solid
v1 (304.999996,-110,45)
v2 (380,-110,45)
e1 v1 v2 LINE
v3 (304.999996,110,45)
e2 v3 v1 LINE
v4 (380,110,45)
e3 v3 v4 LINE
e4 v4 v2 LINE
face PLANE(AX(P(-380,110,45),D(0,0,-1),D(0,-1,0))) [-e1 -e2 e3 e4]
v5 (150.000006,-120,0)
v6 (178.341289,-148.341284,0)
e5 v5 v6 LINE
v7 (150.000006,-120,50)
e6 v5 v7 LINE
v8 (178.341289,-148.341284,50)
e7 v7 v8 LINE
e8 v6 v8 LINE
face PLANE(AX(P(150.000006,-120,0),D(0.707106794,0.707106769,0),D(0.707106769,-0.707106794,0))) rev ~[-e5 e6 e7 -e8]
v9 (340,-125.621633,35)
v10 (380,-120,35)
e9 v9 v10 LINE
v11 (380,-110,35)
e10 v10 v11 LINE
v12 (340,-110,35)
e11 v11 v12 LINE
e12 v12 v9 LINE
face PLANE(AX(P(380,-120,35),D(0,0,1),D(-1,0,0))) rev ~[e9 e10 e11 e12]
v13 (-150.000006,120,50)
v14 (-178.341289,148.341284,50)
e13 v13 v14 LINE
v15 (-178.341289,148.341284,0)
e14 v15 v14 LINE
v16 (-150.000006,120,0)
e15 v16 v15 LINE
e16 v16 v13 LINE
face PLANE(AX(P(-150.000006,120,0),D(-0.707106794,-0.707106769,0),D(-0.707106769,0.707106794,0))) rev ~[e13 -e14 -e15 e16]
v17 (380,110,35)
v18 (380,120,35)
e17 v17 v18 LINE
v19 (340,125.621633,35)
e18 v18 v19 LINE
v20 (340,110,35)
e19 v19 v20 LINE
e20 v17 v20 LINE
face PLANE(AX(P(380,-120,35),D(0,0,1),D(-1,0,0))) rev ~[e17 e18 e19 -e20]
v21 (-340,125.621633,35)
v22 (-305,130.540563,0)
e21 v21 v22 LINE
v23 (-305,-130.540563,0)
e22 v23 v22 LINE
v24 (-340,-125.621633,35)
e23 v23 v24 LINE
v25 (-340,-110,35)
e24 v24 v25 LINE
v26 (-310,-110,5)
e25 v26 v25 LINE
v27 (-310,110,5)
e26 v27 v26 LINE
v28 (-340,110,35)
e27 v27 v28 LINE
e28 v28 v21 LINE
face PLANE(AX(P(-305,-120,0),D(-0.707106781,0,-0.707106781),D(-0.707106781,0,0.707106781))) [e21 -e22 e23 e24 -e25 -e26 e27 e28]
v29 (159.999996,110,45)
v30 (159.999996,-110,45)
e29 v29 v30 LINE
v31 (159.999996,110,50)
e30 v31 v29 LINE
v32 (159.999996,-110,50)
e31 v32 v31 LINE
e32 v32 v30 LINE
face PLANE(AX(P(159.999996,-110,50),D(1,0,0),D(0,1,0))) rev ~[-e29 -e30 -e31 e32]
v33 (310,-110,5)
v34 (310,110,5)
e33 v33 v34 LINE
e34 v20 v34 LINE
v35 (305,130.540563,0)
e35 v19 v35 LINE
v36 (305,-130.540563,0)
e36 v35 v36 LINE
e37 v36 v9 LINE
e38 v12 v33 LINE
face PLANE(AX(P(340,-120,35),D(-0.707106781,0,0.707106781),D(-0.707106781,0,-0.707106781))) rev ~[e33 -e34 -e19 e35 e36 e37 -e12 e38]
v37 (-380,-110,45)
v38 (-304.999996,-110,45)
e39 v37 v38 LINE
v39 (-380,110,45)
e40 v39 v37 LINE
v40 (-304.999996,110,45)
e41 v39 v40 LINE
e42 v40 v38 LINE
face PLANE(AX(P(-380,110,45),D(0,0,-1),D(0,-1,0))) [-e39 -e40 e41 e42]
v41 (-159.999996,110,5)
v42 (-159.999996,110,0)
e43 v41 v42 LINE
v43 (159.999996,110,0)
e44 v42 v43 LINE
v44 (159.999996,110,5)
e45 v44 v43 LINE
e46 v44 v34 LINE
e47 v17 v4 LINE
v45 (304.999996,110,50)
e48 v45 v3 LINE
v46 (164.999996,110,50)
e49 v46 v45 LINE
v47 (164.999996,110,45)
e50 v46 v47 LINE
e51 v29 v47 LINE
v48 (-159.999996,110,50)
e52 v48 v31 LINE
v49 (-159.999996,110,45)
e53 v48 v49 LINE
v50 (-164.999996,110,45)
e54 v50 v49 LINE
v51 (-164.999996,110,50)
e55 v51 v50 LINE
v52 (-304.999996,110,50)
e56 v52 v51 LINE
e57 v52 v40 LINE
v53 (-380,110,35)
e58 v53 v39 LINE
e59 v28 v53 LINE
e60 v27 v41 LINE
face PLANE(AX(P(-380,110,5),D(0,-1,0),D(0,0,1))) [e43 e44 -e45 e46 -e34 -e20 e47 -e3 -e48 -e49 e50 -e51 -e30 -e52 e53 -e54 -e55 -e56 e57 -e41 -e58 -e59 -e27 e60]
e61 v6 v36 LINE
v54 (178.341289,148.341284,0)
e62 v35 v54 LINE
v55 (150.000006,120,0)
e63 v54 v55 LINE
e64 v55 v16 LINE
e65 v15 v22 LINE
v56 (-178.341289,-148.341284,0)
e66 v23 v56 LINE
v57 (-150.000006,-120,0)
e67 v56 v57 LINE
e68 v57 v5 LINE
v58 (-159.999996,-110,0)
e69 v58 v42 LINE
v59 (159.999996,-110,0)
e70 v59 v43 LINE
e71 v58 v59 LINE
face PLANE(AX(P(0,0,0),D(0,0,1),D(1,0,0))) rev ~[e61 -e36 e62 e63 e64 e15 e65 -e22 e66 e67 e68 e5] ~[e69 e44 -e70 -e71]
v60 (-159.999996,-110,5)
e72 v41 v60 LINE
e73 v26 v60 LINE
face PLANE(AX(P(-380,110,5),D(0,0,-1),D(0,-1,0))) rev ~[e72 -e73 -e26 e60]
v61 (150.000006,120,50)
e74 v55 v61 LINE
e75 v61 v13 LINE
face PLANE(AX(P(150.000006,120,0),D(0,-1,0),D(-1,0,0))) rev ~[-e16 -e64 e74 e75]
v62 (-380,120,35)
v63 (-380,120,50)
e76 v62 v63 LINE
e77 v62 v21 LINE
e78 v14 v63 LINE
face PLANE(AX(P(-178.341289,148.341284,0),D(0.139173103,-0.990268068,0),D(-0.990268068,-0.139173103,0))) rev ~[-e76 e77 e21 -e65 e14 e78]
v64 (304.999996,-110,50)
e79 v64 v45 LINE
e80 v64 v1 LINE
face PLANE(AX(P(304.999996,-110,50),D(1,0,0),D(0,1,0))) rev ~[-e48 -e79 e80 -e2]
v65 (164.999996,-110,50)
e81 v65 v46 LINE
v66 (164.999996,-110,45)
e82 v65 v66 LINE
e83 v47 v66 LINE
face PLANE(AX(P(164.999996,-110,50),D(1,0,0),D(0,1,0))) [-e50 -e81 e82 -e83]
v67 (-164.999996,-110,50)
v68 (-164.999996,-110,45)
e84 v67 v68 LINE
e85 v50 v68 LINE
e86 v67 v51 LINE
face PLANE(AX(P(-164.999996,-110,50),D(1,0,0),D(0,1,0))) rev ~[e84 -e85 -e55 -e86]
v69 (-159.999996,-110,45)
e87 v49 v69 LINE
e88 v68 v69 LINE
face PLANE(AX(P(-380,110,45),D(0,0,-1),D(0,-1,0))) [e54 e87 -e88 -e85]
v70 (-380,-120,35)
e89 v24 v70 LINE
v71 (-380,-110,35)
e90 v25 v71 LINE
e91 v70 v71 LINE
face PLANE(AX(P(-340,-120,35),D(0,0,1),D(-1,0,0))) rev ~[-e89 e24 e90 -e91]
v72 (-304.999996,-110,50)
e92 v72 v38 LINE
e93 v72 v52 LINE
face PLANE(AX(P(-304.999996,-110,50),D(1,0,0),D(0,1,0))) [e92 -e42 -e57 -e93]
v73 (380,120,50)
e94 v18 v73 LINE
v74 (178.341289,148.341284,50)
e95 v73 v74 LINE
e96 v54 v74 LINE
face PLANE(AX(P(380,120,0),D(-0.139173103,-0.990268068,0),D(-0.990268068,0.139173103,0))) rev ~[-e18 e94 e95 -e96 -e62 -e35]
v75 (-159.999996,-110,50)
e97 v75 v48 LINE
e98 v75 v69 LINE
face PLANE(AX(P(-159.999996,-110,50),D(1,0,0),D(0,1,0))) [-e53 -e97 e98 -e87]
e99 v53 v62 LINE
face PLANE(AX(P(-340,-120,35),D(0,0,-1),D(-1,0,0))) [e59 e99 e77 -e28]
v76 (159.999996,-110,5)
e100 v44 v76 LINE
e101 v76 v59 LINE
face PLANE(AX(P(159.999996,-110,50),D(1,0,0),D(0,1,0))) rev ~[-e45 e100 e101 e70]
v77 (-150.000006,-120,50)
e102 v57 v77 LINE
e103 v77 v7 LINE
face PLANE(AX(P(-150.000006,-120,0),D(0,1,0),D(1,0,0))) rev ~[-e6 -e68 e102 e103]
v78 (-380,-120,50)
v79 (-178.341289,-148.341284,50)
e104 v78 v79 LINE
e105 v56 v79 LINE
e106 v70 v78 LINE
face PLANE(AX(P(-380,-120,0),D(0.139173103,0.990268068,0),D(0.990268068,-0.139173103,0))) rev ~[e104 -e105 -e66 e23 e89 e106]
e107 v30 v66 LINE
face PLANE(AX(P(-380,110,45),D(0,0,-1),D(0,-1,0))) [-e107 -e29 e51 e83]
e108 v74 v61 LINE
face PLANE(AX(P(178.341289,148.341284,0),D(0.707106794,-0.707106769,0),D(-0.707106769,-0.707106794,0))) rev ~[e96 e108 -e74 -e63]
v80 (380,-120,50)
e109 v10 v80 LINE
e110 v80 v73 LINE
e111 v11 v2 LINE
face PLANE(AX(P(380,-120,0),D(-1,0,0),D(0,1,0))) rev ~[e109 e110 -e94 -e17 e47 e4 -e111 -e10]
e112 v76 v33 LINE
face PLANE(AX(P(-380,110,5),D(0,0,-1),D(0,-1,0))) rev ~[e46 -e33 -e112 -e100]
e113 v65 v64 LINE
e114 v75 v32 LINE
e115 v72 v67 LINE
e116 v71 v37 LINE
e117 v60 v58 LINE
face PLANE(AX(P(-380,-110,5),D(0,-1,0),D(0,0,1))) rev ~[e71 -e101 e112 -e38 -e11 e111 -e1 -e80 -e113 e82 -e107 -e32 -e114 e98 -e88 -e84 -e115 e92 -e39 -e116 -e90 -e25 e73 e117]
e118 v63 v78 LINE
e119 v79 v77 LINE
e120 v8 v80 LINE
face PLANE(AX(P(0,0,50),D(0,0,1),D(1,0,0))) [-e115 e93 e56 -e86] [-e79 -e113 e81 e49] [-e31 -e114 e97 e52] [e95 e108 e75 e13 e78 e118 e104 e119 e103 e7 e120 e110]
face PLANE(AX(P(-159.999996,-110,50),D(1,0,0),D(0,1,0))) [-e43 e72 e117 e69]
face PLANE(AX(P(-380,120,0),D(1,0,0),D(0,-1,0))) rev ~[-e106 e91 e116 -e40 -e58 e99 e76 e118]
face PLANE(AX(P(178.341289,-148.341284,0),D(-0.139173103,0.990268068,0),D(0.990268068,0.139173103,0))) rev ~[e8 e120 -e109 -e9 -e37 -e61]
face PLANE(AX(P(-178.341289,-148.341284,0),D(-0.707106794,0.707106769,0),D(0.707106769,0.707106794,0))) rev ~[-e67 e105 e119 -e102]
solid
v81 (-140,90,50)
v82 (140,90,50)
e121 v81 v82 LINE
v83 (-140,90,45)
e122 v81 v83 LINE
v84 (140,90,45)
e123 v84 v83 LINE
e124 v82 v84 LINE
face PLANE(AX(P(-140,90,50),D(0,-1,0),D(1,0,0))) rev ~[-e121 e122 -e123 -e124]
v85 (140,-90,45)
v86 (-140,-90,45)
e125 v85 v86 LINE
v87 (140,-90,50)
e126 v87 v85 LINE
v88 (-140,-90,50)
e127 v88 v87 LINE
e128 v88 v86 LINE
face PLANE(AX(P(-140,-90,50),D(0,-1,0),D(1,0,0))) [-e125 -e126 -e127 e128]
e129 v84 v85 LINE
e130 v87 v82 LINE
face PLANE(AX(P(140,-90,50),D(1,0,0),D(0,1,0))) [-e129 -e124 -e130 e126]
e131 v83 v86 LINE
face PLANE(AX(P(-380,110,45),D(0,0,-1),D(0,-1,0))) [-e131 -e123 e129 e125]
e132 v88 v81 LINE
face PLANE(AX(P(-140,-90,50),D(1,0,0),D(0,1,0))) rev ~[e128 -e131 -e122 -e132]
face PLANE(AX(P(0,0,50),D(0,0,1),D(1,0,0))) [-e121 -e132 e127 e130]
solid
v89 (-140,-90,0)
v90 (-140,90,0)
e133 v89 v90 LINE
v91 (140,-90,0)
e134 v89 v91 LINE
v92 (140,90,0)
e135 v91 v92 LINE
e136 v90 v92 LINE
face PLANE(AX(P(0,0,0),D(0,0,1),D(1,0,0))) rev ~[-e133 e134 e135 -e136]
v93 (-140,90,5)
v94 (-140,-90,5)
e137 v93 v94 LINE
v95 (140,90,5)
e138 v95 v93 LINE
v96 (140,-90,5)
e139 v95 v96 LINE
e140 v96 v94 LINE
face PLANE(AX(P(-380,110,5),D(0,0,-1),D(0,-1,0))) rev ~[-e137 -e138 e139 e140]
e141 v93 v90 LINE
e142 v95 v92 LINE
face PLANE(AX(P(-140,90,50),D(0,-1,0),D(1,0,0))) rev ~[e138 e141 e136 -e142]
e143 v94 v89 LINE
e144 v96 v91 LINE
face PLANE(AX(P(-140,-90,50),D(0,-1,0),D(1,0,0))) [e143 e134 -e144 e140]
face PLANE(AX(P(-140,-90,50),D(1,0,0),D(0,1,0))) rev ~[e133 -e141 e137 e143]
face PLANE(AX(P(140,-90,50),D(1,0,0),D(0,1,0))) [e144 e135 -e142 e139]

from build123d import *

# Parameters (mm, degrees)
F1_DEPTH  = 50
F3_W      = 220
F3_H      = 40
F4_DEPTH  = 760
F5_DEPTH  = 240
F6_W      = 319.999992
F6_H      = 220
F6_W_2    = 280
F6_H_2    = 180
F7_DEPTH  = 50
F8_DEPTH  = 435.929273
F9_W      = 140
F9_H      = 220
F10_DEPTH = 10


with BuildPart() as f1:
    # F0 (on Top) → F1 (new body)
    with BuildSketch(Plane.XY):
        Polygon((-178.341289, 148.341284), (-380, 120), (-380, -120), (-178.341289, -148.341284), (-150.000006, -120), (150.000006, -120), (178.341289, -148.341284), (380, -120), (380, 120), (178.341289, 148.341284), (150.000006, 120), (-150.000006, 120), align=None)
    extrude(amount=F1_DEPTH)

    # F3 (on face) → F4 (cut)
    with BuildSketch(Plane(origin=(-380, 0, 0), x_dir=(0, -1, 0), z_dir=(-1, 0, 0))):
        with Locations((0, 25)):
            Rectangle(F3_W, F3_H)
    extrude(amount=-F4_DEPTH, mode=Mode.SUBTRACT)

    # F2 (on face) → F5 (cut)
    with BuildSketch(Plane.XZ.offset(120)):
        Polygon((305, 0), (380, 0), (380, 35), (340, 35), align=None)
        Polygon((-340, 35), (-380, 35), (-380, 0), (-305, 0), align=None)
    extrude(amount=-F5_DEPTH, mode=Mode.SUBTRACT)

    # F6 (on face) → F7 (cut)
    with BuildSketch(Plane.XY.offset(50)):
        Rectangle(F6_W, F6_H)
        Rectangle(F6_W_2, F6_H_2, mode=Mode.SUBTRACT)
    extrude(amount=-F7_DEPTH, mode=Mode.SUBTRACT)

    # F2 (on face) → F8 (cut, symmetric)
    with BuildSketch(Plane.XZ.offset(120)):
        Polygon((-340, 35), (-380, 35), (-380, 0), (-305, 0), align=None)
        Polygon((305, 0), (380, 0), (380, 35), (340, 35), align=None)
    extrude(amount=F8_DEPTH, both=True, mode=Mode.SUBTRACT)

    # F9 (on face) → F10 (cut)
    with BuildSketch(Plane.XY.offset(50)):
        with Locations((-234.999996, 0)):
            Rectangle(F9_W, F9_H)
        with Locations((234.999996, 0)):
            Rectangle(F9_W, F9_H)
    extrude(amount=-F10_DEPTH, mode=Mode.SUBTRACT)


solid = f1.part
